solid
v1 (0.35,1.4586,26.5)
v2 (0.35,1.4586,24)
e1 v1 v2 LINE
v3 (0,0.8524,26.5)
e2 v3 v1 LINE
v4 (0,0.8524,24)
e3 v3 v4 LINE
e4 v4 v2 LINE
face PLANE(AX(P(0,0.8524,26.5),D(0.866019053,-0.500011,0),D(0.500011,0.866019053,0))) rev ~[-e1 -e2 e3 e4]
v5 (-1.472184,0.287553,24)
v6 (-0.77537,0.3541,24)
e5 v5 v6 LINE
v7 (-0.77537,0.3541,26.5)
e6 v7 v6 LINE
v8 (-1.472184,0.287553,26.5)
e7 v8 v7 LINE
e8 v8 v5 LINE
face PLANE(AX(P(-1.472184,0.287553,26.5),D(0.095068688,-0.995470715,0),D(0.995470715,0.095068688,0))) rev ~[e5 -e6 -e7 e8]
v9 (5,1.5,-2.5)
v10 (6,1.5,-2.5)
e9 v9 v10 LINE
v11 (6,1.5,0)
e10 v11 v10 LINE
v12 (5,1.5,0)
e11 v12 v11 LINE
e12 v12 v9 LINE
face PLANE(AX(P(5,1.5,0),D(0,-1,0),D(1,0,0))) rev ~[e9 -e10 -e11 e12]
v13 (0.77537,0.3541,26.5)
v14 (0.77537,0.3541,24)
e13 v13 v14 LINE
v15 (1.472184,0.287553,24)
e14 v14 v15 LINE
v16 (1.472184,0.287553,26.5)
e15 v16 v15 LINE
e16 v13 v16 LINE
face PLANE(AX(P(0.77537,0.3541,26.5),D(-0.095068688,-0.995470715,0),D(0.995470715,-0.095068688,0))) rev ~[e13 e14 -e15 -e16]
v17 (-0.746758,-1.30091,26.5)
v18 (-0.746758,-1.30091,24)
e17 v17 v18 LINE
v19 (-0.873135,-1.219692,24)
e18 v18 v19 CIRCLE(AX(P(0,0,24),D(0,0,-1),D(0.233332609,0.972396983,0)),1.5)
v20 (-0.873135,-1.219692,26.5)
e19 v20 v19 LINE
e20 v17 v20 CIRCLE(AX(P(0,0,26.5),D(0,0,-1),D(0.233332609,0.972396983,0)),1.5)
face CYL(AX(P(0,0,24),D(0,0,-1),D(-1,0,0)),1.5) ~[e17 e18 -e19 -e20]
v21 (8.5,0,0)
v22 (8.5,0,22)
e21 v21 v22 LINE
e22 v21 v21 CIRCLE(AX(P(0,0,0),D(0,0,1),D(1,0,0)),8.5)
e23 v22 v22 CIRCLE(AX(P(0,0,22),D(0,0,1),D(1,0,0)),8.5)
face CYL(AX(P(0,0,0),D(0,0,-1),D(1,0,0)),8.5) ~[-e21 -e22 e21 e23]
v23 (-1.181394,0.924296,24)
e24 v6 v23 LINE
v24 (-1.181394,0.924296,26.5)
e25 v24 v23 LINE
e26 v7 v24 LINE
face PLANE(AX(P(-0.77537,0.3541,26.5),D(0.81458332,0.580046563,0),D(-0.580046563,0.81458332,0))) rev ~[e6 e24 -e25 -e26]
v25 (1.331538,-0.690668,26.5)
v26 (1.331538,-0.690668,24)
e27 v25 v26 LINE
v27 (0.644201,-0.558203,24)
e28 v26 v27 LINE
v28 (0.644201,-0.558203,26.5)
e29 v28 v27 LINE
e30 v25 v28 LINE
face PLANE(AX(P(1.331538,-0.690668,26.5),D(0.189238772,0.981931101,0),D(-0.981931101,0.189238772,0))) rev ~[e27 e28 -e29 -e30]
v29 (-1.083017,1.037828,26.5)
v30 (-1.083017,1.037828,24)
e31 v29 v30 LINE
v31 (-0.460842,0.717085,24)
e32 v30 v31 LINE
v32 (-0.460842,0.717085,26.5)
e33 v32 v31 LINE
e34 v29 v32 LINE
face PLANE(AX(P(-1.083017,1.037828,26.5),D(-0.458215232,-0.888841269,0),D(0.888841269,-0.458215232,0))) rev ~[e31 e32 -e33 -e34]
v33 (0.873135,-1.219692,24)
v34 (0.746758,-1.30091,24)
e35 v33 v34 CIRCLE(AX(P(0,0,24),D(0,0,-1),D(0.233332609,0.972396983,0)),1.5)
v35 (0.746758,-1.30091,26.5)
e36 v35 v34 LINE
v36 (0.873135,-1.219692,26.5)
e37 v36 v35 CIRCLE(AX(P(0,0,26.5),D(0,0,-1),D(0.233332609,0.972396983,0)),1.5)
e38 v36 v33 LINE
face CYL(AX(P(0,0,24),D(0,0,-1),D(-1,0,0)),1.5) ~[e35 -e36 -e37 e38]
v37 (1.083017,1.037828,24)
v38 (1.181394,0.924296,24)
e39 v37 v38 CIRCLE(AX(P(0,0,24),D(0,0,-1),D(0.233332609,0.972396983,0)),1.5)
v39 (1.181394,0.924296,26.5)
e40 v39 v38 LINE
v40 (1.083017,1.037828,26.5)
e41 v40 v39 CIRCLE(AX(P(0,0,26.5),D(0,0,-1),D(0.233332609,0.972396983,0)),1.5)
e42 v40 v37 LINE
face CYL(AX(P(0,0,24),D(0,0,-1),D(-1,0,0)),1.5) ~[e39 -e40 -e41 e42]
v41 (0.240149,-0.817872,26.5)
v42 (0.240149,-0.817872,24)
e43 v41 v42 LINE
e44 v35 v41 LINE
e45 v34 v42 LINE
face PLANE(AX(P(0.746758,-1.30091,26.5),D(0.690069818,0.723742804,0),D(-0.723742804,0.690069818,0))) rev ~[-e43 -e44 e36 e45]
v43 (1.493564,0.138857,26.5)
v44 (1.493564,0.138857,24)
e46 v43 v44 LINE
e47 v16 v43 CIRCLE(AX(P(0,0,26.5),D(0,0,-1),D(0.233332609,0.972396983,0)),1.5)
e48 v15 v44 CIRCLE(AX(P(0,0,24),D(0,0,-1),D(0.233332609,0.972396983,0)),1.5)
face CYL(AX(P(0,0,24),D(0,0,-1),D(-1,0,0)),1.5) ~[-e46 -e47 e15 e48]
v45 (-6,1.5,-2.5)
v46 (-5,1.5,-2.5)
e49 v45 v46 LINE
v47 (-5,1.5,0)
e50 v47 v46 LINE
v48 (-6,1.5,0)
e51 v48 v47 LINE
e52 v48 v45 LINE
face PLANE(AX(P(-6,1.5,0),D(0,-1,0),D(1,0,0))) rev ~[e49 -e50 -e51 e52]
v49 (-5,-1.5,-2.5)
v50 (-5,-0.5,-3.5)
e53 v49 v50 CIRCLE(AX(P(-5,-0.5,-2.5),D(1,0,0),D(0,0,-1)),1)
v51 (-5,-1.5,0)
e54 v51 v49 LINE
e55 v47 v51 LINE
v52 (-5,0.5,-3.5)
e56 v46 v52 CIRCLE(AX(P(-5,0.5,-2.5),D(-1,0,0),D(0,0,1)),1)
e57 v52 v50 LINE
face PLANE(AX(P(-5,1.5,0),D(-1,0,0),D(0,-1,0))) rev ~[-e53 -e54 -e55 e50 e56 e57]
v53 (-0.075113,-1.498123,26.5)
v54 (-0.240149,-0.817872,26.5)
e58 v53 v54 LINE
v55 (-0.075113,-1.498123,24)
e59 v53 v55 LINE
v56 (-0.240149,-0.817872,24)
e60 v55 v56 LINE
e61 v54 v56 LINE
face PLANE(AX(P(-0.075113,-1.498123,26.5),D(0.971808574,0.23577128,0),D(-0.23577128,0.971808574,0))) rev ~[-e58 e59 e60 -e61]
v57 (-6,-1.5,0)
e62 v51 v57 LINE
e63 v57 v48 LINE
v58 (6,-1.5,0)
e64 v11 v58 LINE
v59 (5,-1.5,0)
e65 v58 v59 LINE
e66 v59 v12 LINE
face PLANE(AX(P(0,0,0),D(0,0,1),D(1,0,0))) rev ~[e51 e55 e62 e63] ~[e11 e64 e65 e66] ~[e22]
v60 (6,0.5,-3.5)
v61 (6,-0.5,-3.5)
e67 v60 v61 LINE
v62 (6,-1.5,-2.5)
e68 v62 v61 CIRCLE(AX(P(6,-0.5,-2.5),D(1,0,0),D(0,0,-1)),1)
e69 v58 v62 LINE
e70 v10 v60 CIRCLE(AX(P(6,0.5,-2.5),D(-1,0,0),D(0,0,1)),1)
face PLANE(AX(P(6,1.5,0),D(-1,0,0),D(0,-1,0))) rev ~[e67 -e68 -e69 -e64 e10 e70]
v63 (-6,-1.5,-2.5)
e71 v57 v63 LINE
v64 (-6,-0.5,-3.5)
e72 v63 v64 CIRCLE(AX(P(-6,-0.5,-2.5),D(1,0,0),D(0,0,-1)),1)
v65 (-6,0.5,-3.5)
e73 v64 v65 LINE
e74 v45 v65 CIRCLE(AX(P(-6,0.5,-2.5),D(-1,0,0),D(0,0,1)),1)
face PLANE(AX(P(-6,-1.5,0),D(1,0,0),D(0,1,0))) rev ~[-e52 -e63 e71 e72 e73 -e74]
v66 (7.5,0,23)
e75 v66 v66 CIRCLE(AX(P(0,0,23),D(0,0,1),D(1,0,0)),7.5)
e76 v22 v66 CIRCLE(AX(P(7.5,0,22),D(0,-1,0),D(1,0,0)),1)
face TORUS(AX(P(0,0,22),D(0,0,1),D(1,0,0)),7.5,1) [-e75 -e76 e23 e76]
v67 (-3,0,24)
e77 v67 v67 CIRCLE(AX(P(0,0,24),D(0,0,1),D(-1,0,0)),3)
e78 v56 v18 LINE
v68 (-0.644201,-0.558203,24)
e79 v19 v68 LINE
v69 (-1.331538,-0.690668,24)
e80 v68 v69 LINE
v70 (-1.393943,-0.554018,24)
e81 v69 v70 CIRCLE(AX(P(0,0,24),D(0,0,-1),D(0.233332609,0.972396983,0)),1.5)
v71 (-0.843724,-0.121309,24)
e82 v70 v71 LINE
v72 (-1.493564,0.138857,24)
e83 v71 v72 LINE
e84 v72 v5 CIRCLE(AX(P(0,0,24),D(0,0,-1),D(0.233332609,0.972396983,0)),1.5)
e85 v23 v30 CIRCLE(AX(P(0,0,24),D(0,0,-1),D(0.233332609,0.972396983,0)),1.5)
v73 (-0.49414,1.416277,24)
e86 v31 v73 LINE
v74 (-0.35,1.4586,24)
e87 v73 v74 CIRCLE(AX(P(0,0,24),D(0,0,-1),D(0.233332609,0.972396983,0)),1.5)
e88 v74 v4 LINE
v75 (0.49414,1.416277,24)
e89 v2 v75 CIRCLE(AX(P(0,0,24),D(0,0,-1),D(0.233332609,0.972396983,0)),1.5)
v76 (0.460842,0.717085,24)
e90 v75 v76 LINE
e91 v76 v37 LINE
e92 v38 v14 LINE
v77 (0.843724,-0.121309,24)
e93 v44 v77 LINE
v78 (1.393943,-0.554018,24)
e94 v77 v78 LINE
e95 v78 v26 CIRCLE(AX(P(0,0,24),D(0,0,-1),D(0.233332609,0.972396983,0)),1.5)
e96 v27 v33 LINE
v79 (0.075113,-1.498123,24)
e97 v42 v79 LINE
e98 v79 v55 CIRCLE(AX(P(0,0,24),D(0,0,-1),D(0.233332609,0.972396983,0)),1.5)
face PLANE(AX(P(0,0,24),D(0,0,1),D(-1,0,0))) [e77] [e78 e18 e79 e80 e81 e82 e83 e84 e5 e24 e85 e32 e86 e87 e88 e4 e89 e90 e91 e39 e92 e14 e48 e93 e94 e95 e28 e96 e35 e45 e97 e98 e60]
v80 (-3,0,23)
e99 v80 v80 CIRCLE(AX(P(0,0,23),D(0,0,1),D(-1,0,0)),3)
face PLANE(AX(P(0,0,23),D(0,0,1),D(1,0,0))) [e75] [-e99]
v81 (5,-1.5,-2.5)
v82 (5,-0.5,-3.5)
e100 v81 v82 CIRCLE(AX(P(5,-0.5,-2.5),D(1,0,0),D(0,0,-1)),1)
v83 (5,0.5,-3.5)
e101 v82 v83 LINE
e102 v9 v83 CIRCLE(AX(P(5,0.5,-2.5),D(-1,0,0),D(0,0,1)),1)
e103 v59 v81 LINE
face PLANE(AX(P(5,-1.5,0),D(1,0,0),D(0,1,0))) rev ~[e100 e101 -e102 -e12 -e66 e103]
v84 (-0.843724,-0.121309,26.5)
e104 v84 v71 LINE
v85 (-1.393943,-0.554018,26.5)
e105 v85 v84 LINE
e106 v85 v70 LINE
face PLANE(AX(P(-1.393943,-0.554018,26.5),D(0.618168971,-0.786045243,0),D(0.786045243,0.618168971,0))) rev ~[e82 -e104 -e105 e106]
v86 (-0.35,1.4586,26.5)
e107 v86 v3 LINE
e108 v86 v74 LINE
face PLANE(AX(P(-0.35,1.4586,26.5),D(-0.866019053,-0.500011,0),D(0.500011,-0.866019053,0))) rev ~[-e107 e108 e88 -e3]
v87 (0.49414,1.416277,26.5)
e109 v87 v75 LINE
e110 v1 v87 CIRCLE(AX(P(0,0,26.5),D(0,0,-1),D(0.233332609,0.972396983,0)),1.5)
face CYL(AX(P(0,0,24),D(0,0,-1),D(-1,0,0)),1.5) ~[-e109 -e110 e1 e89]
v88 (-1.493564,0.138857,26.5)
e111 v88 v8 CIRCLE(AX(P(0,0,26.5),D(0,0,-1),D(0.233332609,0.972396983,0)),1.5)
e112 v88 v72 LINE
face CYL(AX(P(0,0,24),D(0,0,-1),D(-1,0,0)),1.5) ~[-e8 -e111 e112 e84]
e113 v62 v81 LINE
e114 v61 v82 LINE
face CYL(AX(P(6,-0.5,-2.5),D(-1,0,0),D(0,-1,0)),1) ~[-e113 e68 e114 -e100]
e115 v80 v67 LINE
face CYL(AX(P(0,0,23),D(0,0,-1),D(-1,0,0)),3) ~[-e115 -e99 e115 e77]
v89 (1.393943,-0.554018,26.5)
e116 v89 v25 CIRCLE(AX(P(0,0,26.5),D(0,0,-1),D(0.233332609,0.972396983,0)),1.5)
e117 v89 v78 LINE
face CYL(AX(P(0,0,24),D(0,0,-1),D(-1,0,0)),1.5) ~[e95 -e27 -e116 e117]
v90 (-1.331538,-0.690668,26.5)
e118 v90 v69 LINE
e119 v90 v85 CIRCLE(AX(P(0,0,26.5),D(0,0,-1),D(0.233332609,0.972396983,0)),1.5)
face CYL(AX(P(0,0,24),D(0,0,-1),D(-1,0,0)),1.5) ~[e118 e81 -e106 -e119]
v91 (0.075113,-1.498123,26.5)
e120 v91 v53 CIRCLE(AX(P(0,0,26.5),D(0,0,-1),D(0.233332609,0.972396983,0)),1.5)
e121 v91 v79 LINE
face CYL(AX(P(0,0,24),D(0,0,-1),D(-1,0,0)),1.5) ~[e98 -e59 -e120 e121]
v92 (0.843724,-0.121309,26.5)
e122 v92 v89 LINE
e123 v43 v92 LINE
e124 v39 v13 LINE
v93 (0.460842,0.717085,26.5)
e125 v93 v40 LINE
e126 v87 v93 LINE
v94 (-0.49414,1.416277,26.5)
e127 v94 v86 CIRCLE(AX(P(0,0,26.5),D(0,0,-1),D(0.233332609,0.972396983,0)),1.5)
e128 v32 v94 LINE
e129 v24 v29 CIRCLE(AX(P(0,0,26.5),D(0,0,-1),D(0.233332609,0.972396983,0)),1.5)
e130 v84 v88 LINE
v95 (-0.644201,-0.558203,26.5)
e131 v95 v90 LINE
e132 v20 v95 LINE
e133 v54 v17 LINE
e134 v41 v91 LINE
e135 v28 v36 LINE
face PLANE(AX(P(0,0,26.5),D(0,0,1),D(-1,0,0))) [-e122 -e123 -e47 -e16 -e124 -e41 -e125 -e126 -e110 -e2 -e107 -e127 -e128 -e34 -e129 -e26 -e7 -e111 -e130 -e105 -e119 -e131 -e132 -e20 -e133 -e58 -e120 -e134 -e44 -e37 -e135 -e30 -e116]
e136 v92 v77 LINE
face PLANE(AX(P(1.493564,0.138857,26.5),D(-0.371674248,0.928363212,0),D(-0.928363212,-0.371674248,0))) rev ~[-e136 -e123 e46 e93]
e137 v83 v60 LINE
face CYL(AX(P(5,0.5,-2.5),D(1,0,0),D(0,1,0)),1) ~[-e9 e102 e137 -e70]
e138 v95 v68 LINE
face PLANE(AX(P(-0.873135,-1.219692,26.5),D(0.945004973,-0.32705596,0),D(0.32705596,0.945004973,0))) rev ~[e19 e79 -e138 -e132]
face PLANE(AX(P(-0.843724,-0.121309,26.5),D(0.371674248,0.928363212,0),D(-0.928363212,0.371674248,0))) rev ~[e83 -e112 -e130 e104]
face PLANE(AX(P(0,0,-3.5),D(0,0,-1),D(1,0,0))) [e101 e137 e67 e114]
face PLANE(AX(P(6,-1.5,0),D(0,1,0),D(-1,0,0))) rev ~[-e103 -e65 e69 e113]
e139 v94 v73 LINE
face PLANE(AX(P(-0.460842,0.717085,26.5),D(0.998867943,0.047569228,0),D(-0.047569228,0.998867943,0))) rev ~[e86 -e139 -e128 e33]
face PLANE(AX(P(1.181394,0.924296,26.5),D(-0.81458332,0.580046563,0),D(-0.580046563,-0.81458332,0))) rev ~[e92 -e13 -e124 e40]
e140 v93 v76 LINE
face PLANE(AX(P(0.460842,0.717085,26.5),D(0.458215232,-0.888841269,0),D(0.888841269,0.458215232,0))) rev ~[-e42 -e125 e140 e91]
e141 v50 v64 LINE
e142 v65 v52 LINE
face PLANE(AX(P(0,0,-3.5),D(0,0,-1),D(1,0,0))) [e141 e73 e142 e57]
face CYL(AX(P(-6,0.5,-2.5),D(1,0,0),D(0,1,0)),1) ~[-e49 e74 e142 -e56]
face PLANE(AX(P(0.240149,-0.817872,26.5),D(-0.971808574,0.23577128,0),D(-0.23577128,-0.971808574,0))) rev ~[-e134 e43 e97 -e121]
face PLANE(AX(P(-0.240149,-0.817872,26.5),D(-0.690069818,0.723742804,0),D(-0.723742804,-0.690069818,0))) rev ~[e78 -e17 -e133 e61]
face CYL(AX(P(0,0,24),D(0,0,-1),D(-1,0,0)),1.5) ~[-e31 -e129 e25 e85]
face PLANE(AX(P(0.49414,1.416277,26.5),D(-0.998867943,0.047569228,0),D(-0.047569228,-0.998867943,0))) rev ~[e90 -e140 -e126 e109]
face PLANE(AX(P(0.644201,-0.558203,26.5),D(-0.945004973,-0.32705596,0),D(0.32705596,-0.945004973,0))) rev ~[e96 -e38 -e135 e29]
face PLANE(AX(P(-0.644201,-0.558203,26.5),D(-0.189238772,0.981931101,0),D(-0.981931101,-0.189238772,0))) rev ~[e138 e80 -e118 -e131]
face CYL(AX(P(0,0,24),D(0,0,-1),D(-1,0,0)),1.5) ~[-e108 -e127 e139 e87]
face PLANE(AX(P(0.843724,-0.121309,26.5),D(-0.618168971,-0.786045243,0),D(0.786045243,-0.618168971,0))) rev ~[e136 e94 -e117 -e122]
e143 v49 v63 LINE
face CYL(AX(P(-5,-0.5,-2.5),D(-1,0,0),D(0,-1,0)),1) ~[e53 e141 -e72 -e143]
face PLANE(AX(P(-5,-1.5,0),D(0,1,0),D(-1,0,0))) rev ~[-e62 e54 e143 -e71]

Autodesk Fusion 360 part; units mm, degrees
sketch "Sketch1" plane through (0, 0, 0) normal (0, 0, 1) x (1, 0, 0)
  circle A0 centre (0, 0) radius 8.5
  dimension "d1" = 17
extrude "Extrude1" add sketch "Sketch1" along normal blind 23
sketch "Sketch2" plane through (0, 0, 23) normal (0, 0, 1) x (-1, 0, 0)
  circle A0 centre (0, 0) radius 8.5
  circle A1 centre (0, 0) radius 3
  dimension "d4" = 6
extrude "Extrude2" add sketch "Sketch2" along normal blind 1 contours A1
sketch "Sketch3" plane through (0, 0, 24) normal (0, 0, 1) x (-1, 0, 0)
  circle A0 centre (0, 0) radius 3
  circle A1 centre (0, 0) radius 1.5
  dimension "d7" = 3
extrude "Extrude3" add sketch "Sketch3" along normal blind 2.5 contours A1
fillet "Fillet1" radius 1 1 edges at (-7.9248, -3.0737, 23)
sketch "Sketch4" plane through (0, 0, 0) normal (0, 0, -1) x (1, 0, 0)
  circle A0 centre (0, 0) radius 8.5
  line L0 (-5, 1.5) -> (-6, 1.5)
  line L1 (-6, 1.5) -> (-6, -1.5)
  line L2 (-6, -1.5) -> (-5, -1.5)
  line L3 (-5, -1.5) -> (-5, 1.5)
  line L4 (-5, 1.5) -> (-6, -1.5) construction
  line L5 (-6, 1.5) -> (-5, -1.5) construction
  line L6 (6, 1.5) -> (5, 1.5)
  line L7 (5, 1.5) -> (5, -1.5)
  line L8 (5, -1.5) -> (6, -1.5)
  line L9 (6, -1.5) -> (6, 1.5)
  line L10 (6, 1.5) -> (5, -1.5) construction
  line L11 (5, 1.5) -> (6, -1.5) construction
  point P0 (-5.5, 0)
  point P1 (5.5, 0)
  dimension "d12" = 1
  dimension "d13" = 1
  dimension "d14" = 3
  dimension "d15" = 3
  dimension "d16" = 5
  dimension "d17" = 5
extrude "Extrude4" add sketch "Sketch4" along normal blind 3.5 contours L0 L1 L2 L3 | L6 L7 L8 L9
sketch "Sketch5" plane through (-6, 0, 0) normal (-1, 0, 0) x (0, -1, 0)
  line L0 (1.5, 0) -> (-1.5, 0)
  line L1 (-1.5, 0) -> (-1.5, -3.5)
  line L2 (-1.5, -3.5) -> (1.5, -3.5)
  line L3 (1.5, -3.5) -> (1.5, 0)
  line L4 (0.25, -2.8) -> (0.25, -0.8)
  arc A0 (0.25, -0.8) -> (-0.25, -0.8) centre (0, -0.8) ccw
  line L5 (-0.25, -0.8) -> (-0.25, -2.8)
  arc A1 (-0.25, -2.8) -> (0.25, -2.8) centre (0, -2.8) ccw
  line L6 (0, -2.8) -> (0, -0.8) construction
  point P0 (0, -1.8)
  dimension "d20" = 2
  dimension "d21" = 0.5
  dimension "d22" = 0.7
extrude "Extrude5" cut sketch "Sketch5" along normal through all contours L4 A0 L5 A1
fillet "Fillet2" radius 1 4 edges at (-5.5, 1.5, -3.5) (-5.5, -1.5, -3.5) (5.5, 1.5, -3.5) (5.5, -1.5, -3.5)
sketch "Sketch6" plane through (0, 0, 26.5) normal (0, 0, 1) x (-1, 0, 0)
  circle A0 centre (0, 0) radius 1.5
  circle A1 centre (0, 0) radius 1.5
  line L0 (0.35, -1.4586) -> (0, -0.8524)
  line L1 (0, -0.8524) -> (-0.35, -1.4586)
  dimension "d26" = 0.7
  dimension "d27" = 0.7
  dimension "d28" = 0.7
extrude "Extrude6" cut sketch "Sketch6" against normal blind 2.5 contours A0 A1 L0 L1 picked at (0.0587, -1.2807)
pattern_circular "C-Pattern1" count 11 over 360 about axis through (0, 0, 24) along (0, 0, 1) of "Extrude6"
